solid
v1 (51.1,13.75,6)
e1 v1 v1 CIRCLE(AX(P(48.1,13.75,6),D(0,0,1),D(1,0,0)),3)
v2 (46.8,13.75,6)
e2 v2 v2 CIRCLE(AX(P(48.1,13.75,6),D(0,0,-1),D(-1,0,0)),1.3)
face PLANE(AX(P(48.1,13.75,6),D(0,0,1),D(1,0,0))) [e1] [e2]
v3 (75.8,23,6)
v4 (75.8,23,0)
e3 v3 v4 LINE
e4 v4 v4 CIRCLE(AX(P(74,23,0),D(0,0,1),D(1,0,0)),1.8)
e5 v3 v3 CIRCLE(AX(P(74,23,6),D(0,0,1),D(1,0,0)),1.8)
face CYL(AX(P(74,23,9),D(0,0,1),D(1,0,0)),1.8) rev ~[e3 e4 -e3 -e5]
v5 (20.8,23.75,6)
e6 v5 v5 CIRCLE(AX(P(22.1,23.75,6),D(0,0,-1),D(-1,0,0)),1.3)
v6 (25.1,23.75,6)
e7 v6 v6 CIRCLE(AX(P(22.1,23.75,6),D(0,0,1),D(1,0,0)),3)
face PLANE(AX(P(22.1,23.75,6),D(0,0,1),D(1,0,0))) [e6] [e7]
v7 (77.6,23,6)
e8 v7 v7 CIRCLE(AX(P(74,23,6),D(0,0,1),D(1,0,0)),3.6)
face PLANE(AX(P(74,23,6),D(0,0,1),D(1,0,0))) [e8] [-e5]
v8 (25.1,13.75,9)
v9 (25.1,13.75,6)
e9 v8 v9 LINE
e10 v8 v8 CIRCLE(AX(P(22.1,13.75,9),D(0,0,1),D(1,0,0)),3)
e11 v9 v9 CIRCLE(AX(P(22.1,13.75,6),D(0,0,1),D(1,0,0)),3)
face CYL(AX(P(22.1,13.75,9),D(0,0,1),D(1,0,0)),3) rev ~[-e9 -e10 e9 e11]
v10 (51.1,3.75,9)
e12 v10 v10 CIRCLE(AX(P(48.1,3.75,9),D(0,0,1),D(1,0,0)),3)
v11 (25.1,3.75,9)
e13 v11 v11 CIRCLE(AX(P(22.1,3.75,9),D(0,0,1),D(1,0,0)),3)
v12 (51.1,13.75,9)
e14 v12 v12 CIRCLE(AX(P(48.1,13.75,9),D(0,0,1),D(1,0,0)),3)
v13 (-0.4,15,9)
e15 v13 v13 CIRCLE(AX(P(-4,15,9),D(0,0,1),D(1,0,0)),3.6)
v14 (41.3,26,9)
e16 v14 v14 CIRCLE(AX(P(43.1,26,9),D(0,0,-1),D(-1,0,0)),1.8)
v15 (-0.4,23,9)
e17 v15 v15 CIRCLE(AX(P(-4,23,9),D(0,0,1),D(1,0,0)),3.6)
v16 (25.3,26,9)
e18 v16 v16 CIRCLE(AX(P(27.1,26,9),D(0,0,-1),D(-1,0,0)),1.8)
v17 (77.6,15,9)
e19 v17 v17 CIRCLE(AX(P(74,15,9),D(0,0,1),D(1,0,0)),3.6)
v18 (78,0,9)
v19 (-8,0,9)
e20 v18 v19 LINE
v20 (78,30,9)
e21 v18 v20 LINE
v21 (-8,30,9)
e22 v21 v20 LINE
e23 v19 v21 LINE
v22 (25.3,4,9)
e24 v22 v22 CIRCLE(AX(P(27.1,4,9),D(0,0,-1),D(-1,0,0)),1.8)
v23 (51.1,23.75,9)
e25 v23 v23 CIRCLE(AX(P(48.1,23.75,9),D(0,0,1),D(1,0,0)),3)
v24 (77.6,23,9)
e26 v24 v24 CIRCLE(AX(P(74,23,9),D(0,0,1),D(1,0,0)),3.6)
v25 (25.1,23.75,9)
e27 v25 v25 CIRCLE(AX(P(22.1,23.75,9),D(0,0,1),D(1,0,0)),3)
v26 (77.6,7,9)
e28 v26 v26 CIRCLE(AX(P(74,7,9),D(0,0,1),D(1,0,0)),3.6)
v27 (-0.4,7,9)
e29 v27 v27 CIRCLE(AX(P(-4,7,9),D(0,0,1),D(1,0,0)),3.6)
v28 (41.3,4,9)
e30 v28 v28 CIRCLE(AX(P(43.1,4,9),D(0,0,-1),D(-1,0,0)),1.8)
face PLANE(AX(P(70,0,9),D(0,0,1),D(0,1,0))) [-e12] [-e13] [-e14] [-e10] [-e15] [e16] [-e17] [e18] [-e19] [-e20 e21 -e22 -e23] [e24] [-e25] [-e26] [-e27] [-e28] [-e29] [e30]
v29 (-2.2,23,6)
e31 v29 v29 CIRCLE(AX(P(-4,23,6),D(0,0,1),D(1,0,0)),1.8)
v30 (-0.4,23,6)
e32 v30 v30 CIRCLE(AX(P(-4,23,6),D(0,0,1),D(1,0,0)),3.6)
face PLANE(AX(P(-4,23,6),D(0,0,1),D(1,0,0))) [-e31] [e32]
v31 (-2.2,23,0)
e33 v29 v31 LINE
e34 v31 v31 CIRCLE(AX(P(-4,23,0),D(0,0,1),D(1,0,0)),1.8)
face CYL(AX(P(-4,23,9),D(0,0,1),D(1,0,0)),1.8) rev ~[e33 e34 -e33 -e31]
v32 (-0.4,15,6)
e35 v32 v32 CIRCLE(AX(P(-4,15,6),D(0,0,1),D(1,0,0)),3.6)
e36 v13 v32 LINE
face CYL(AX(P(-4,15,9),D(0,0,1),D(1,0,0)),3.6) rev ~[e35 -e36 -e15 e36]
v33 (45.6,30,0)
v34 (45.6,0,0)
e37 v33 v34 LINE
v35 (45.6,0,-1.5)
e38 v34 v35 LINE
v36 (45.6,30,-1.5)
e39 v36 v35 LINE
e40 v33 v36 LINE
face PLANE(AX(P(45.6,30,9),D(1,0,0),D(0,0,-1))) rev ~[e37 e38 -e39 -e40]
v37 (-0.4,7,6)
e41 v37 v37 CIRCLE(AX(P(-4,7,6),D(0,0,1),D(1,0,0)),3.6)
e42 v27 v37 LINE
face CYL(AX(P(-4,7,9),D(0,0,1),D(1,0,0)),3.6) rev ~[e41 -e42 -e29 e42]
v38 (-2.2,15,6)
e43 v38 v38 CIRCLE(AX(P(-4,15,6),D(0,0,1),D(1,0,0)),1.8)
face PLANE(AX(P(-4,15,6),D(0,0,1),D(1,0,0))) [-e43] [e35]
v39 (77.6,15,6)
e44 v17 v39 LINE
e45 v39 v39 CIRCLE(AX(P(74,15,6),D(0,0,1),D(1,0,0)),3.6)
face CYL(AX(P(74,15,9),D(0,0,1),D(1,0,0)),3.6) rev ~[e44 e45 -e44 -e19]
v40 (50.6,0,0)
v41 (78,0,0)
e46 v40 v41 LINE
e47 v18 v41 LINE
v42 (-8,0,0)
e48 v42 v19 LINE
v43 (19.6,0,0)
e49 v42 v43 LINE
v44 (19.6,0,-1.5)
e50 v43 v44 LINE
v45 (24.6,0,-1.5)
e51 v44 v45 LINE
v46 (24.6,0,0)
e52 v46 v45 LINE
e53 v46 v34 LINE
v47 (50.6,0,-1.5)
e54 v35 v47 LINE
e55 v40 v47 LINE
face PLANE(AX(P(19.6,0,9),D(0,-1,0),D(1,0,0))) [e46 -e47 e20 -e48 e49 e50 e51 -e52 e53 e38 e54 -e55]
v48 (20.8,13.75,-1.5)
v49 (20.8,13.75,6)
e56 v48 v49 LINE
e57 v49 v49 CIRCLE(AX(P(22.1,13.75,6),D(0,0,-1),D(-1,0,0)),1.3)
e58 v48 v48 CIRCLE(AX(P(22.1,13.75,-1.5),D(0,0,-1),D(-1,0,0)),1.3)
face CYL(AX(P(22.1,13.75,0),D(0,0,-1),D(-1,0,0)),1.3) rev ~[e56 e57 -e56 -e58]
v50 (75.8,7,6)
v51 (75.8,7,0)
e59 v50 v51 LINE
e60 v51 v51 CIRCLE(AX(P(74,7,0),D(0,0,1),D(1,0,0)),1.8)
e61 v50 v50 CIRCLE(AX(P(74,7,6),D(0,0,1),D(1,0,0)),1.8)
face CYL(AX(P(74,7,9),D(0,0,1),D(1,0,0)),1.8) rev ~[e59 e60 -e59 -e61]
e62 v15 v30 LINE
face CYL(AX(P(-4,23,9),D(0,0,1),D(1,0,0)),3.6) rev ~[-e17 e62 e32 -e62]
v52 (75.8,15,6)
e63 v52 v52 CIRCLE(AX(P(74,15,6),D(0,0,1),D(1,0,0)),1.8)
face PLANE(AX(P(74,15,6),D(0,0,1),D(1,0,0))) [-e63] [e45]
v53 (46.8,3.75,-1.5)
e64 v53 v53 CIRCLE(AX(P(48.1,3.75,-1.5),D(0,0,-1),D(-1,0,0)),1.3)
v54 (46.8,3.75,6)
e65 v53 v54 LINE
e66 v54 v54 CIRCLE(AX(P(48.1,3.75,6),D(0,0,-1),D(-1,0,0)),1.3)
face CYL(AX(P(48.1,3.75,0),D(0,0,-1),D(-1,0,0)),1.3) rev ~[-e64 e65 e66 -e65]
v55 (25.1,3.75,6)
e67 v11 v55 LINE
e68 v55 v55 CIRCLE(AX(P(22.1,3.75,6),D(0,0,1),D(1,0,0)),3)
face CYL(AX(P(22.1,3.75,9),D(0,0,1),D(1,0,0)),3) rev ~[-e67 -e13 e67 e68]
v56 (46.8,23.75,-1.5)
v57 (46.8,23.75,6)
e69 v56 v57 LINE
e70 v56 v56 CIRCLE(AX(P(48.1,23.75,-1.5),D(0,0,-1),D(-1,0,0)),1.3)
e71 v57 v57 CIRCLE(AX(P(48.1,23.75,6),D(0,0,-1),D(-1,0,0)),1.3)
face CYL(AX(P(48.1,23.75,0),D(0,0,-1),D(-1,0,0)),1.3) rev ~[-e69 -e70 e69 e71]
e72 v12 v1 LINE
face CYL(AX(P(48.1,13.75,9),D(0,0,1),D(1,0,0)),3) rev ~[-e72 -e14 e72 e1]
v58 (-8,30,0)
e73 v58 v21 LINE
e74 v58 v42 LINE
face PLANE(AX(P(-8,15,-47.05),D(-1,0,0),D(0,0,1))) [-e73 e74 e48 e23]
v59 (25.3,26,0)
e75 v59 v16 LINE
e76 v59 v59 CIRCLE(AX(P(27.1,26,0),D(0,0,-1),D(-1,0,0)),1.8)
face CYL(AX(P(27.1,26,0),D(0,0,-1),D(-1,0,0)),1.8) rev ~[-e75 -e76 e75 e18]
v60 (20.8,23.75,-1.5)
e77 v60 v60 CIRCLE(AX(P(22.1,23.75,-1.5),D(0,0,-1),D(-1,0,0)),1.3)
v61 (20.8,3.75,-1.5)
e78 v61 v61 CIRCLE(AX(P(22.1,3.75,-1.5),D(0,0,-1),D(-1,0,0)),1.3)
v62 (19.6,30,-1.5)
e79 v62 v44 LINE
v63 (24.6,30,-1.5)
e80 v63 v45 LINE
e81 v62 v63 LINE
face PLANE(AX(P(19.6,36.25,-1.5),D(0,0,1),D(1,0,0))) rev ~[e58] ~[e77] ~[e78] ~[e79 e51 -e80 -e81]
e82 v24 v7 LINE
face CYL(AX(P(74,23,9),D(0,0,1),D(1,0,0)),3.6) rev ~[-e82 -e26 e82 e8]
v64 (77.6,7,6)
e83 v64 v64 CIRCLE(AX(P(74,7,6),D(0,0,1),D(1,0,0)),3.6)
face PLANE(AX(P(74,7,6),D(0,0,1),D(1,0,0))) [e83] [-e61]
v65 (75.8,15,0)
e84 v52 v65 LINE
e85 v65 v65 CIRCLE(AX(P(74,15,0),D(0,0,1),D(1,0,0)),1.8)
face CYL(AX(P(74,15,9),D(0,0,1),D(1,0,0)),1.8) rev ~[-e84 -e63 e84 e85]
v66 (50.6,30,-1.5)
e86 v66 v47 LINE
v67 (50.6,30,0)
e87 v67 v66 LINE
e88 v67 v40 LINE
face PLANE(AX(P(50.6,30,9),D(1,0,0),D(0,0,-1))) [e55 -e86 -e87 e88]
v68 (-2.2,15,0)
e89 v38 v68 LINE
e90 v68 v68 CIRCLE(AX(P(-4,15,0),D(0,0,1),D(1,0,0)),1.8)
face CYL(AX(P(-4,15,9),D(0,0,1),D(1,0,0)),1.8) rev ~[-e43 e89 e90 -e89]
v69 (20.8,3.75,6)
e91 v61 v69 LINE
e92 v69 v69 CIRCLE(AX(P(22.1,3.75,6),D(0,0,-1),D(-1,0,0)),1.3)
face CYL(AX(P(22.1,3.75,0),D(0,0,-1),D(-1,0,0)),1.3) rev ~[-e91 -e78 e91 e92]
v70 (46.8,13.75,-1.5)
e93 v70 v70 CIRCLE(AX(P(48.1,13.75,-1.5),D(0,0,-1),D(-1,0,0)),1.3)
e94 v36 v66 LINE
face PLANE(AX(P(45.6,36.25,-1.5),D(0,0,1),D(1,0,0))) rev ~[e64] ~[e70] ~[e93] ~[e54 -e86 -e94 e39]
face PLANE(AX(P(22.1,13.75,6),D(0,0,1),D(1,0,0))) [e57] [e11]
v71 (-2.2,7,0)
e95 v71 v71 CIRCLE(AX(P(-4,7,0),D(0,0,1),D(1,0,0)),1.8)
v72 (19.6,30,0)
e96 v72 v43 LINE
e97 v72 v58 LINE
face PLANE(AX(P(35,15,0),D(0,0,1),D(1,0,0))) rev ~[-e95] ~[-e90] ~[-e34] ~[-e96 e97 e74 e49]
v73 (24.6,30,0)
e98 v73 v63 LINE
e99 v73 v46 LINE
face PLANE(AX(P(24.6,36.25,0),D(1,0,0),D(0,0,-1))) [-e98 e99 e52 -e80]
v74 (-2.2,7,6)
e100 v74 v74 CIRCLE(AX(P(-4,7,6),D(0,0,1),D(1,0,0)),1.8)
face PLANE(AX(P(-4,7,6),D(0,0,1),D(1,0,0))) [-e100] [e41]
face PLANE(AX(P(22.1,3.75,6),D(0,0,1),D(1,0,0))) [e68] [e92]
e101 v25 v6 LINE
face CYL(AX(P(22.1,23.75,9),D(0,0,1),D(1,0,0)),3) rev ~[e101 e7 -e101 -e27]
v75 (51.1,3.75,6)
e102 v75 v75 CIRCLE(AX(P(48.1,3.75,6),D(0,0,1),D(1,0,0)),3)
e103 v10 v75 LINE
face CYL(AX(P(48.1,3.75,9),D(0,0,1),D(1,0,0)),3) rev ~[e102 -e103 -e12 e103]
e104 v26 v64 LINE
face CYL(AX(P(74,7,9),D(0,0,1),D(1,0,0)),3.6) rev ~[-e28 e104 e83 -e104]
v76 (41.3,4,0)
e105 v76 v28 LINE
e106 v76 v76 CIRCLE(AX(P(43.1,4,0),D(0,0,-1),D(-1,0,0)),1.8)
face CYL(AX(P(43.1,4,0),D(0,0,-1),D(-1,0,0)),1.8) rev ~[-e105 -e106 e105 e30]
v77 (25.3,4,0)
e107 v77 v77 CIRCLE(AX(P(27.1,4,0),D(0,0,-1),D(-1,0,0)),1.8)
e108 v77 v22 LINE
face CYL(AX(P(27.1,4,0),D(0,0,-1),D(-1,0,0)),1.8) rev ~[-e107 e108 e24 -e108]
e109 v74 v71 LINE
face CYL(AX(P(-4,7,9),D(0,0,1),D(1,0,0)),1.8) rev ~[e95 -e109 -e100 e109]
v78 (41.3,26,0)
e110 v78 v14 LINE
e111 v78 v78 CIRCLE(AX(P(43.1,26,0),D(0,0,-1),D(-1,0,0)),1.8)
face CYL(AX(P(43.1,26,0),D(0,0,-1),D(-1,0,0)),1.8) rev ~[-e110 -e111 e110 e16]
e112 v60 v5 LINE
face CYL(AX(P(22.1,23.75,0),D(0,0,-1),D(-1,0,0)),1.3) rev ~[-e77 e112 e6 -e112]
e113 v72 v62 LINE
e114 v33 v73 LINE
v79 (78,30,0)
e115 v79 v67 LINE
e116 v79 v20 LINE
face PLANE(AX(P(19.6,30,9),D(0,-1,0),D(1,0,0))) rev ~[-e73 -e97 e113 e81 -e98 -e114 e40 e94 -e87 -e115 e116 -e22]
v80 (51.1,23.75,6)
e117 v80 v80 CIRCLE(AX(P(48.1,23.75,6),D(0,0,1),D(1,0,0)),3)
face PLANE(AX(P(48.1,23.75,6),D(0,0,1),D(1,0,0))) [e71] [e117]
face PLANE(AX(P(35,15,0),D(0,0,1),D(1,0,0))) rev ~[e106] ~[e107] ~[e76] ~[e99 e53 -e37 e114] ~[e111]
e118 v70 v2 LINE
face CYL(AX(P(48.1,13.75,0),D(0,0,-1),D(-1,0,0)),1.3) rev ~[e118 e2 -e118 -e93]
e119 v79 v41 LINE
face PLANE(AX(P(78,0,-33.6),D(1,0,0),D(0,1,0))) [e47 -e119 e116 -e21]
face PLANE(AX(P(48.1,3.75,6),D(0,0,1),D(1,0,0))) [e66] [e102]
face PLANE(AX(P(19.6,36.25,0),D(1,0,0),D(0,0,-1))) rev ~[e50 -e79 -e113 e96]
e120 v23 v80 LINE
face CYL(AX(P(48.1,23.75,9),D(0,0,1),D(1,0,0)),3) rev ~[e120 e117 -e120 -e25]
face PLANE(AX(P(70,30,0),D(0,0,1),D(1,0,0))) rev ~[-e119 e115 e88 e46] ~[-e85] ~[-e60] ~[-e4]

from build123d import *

# Parameters (mm, degrees)
SKETCH_1_W           = 70
SKETCH_1_H           = 30
EXTRUDE_1_DEPTH      = 9
SKETCH_2_W           = 112.1
SKETCH_2_H           = 30
EXTRUDE_2_DEPTH      = 8
SKETCH_3_W           = 42.6
SKETCH_3_H           = 30
EXTRUDE_3_DEPTH      = 8
SKETCH_5_W           = 18.5
SKETCH_5_H           = 30
SKETCH_5_R           = 2
EXTRUDE_4_DEPTH      = 5.5
SKETCH_11_R          = 2
CUT_EXTRUDE_4_DEPTH  = 8
SKETCH_12_R          = 1.8
CUT_EXTRUDE_6_DEPTH  = 8
SKETCH_13_R          = 2
CUT_EXTRUDE_7_DEPTH  = 8
SKETCH_14_R          = 2
CUT_EXTRUDE_8_DEPTH  = 10
SKETCH_19_W          = 5
SKETCH_19_H          = 9
EXTRUDE_6_DEPTH      = 36.25
SKETCH_20_W          = 5
SKETCH_20_H          = 6.25
EXTRUDE_7_DEPTH      = 9
SKETCH_21_R          = 1.3
CUT_EXTRUDE_10_DEPTH = 9
SKETCH_25_W          = 5
SKETCH_25_H          = 1.5
EXTRUDE_8_DEPTH      = 42.5
SKETCH_26_R          = 1.3
CUT_EXTRUDE_14_DEPTH = 1.5
SKETCH_27_W          = 5
SKETCH_27_H          = 6.25
CUT_EXTRUDE_15_DEPTH = 11
SKETCH_28_R          = 3
CUT_EXTRUDE_16_DEPTH = 3
SKETCH_29_W          = 8
SKETCH_29_H          = 103.1
SKETCH_29_W_2        = 10.5
SKETCH_29_H_2        = 5.5
CUT_EXTRUDE_17_DEPTH = 30
SKETCH_30_R          = 1.8
CUT_EXTRUDE_18_DEPTH = 10
SKETCH_31_R          = 3.6
CUT_EXTRUDE_19_DEPTH = 3
SKETCH_32_R          = 1.8
CUT_EXTRUDE_20_DEPTH = 10
SKETCH_33_R          = 3.6
CUT_EXTRUDE_21_DEPTH = 3
CUT_EXTRUDE_22_REACH = 86.054
SKETCH_35_R          = 1.8


with BuildPart() as part:
    # 草圖1 → 填料-伸長1 (new body)
    with BuildSketch(Plane.XY):
        with Locations((35, 15)):
            Rectangle(SKETCH_1_W, SKETCH_1_H)
    extrude(amount=EXTRUDE_1_DEPTH)

    # 草圖2 → 填料-伸長2 (add)
    with BuildSketch(Plane.ZY):
        with Locations((-47.05, 15)):
            Rectangle(SKETCH_2_W, SKETCH_2_H)
    extrude(amount=EXTRUDE_2_DEPTH)

    # 草圖3 → 填料-伸長3 (add)
    with BuildSketch(Plane(origin=(70, 0, 0), x_dir=(0, 0, -1), z_dir=(1, 0, 0))):
        with Locations((12.3, 15)):
            Rectangle(SKETCH_3_W, SKETCH_3_H)
    extrude(amount=EXTRUDE_3_DEPTH)

    # 草圖5 → 填料-伸長4 (add)
    with BuildSketch(Plane(origin=(0, 0, -33.6), x_dir=(-1, 0, 0), z_dir=(0, 0, -1))):
        with Locations((-68.75, 15)):
            Rectangle(SKETCH_5_W, SKETCH_5_H)
        with Locations(Location((-65.75, 26, 0), (0, 0, 90))):
            Circle(SKETCH_5_R, mode=Mode.SUBTRACT)
        with Locations(Location((-65.75, 18, 0), (0, 0, 90))):
            Circle(SKETCH_5_R, mode=Mode.SUBTRACT)
        with Locations(Location((-65.75, 10, 0), (0, 0, 90))):
            Circle(SKETCH_5_R, mode=Mode.SUBTRACT)
    extrude(amount=EXTRUDE_4_DEPTH)

    # 草圖11 → 除料-伸長4 (cut)
    with BuildSketch(Plane.ZY.offset(8)):
        with Locations((-23, 23)):
            Circle(SKETCH_11_R)
        with Locations((-23, 15)):
            Circle(SKETCH_11_R)
        with Locations((-23, 7)):
            Circle(SKETCH_11_R)
        with Locations((-15, 23)):
            Circle(SKETCH_11_R)
        with Locations((-15, 15)):
            Circle(SKETCH_11_R)
        with Locations((-15, 7)):
            Circle(SKETCH_11_R)
        with Locations((-7, 23)):
            Circle(SKETCH_11_R)
        with Locations((-7, 15)):
            Circle(SKETCH_11_R)
        with Locations((-7, 7)):
            Circle(SKETCH_11_R)
    extrude(amount=-CUT_EXTRUDE_4_DEPTH, mode=Mode.SUBTRACT)

    # 草圖12 → 除料-伸長6 (cut)
    with BuildSketch(Plane(origin=(0, 0, -103.1), x_dir=(-1, 0, 0), z_dir=(0, 0, -1))):
        with Locations((3, 23)):
            Circle(SKETCH_12_R)
        with Locations((3, 15)):
            Circle(SKETCH_12_R)
        with Locations((3, 7)):
            Circle(SKETCH_12_R)
    extrude(amount=-CUT_EXTRUDE_6_DEPTH, mode=Mode.SUBTRACT)

    # 草圖13 → 除料-伸長7 (cut)
    with BuildSketch(Plane(origin=(78, 0, 0), x_dir=(0, 0, -1), z_dir=(1, 0, 0))):
        with Locations((9.1, 23)):
            Circle(SKETCH_13_R)
        with Locations((9.1, 15)):
            Circle(SKETCH_13_R)
        with Locations((9.1, 7)):
            Circle(SKETCH_13_R)
        with Locations((17.1, 23)):
            Circle(SKETCH_13_R)
        with Locations((17.1, 15)):
            Circle(SKETCH_13_R)
        with Locations((17.1, 7)):
            Circle(SKETCH_13_R)
        with Locations((25.1, 23)):
            Circle(SKETCH_13_R)
        with Locations((25.1, 15)):
            Circle(SKETCH_13_R)
        with Locations((25.1, 7)):
            Circle(SKETCH_13_R)
    extrude(amount=-CUT_EXTRUDE_7_DEPTH, mode=Mode.SUBTRACT)

    # 草圖14 → 除料-伸長8 (cut)
    with BuildSketch(Plane.ZY.offset(8)):
        with Locations((-85.1, 23)):
            Circle(SKETCH_14_R)
        with Locations((-85.1, 15)):
            Circle(SKETCH_14_R)
        with Locations((-85.1, 7)):
            Circle(SKETCH_14_R)
        with Locations((-77.1, 23)):
            Circle(SKETCH_14_R)
        with Locations((-77.1, 15)):
            Circle(SKETCH_14_R)
        with Locations((-77.1, 7)):
            Circle(SKETCH_14_R)
        with Locations((-69.1, 23)):
            Circle(SKETCH_14_R)
        with Locations((-69.1, 15)):
            Circle(SKETCH_14_R)
        with Locations((-69.1, 7)):
            Circle(SKETCH_14_R)
        with Locations((-61.1, 23)):
            Circle(SKETCH_14_R)
        with Locations((-61.1, 15)):
            Circle(SKETCH_14_R)
        with Locations((-61.1, 7)):
            Circle(SKETCH_14_R)
    extrude(amount=-CUT_EXTRUDE_8_DEPTH, mode=Mode.SUBTRACT)

    # 草圖19 → 填料-伸長6 (add)
    with BuildSketch(Plane(origin=(0, 30, 0), x_dir=(1, 0, 0), z_dir=(0, 1, 0))):
        with Locations((22.1, -4.5)):
            Rectangle(SKETCH_19_W, SKETCH_19_H)
        with Locations((48.1, -4.5)):
            Rectangle(SKETCH_19_W, SKETCH_19_H)
    extrude(amount=-EXTRUDE_6_DEPTH)

    # 草圖20 → 填料-伸長7 (add)
    with BuildSketch(Plane(origin=(0, 0, 0), x_dir=(-1, 0, 0), z_dir=(0, 0, -1))):
        with Locations((-48.1, 33.125)):
            Rectangle(SKETCH_20_W, SKETCH_20_H)
        with Locations((-22.1, 33.125)):
            Rectangle(SKETCH_20_W, SKETCH_20_H)
    extrude(amount=-EXTRUDE_7_DEPTH)

    # 草圖21 → 除料-伸長10 (cut)
    with BuildSketch(Plane(origin=(0, 0, 0), x_dir=(-1, 0, 0), z_dir=(0, 0, -1))):
        with Locations((-48.1, 23.75)):
            Circle(SKETCH_21_R)
        with Locations((-48.1, 13.75)):
            Circle(SKETCH_21_R)
        with Locations((-48.1, 3.75)):
            Circle(SKETCH_21_R)
        with Locations((-22.1, 23.75)):
            Circle(SKETCH_21_R)
        with Locations((-22.1, 13.75)):
            Circle(SKETCH_21_R)
        with Locations((-22.1, 3.75)):
            Circle(SKETCH_21_R)
    extrude(amount=-CUT_EXTRUDE_10_DEPTH, mode=Mode.SUBTRACT)

    # 草圖25 → 填料-伸長8 (add)
    with BuildSketch(Plane(origin=(0, 36.25, 0), x_dir=(1, 0, 0), z_dir=(0, 1, 0))):
        with Locations((22.1, 0.75)):
            Rectangle(SKETCH_25_W, SKETCH_25_H)
        with Locations((48.1, 0.75)):
            Rectangle(SKETCH_25_W, SKETCH_25_H)
    extrude(amount=-EXTRUDE_8_DEPTH)

    # 草圖26 → 除料-伸長14 (cut)
    with BuildSketch(Plane(origin=(0, 0, -1.5), x_dir=(-1, 0, 0), z_dir=(0, 0, -1))):
        with Locations((-48.1, 23.75)):
            Circle(SKETCH_26_R)
        with Locations((-48.1, 13.75)):
            Circle(SKETCH_26_R)
        with Locations((-48.1, 3.75)):
            Circle(SKETCH_26_R)
        with Locations((-22.1, 23.75)):
            Circle(SKETCH_26_R)
        with Locations((-22.1, 13.75)):
            Circle(SKETCH_26_R)
        with Locations((-22.1, 3.75)):
            Circle(SKETCH_26_R)
    extrude(amount=-CUT_EXTRUDE_14_DEPTH, mode=Mode.SUBTRACT)

    # 草圖27 → 除料-伸長15 (cut)
    with BuildSketch(Plane.XY.offset(9)):
        with Locations((22.1, 33.125)):
            Rectangle(SKETCH_27_W, SKETCH_27_H)
        with Locations((48.1, 33.125)):
            Rectangle(SKETCH_27_W, SKETCH_27_H)
        with Locations((22.1, -3.125)):
            Rectangle(SKETCH_27_W, SKETCH_27_H)
        with Locations((48.1, -3.125)):
            Rectangle(SKETCH_27_W, SKETCH_27_H)
    extrude(amount=-CUT_EXTRUDE_15_DEPTH, mode=Mode.SUBTRACT)

    # 草圖28 → 除料-伸長16 (cut)
    with BuildSketch(Plane.XY.offset(9)):
        with Locations((22.1, 23.75)):
            Circle(SKETCH_28_R)
        with Locations((22.1, 13.75)):
            Circle(SKETCH_28_R)
        with Locations((22.1, 3.75)):
            Circle(SKETCH_28_R)
        with Locations((48.1, 13.75)):
            Circle(SKETCH_28_R)
        with Locations((48.1, 3.75)):
            Circle(SKETCH_28_R)
        with Locations((48.1, 23.75)):
            Circle(SKETCH_28_R)
    extrude(amount=-CUT_EXTRUDE_16_DEPTH, mode=Mode.SUBTRACT)

    # 草圖29 → 除料-伸長17 (cut)
    with BuildSketch(Plane(origin=(0, 30, 0), x_dir=(1, 0, 0), z_dir=(0, 1, 0))):
        with Locations((-4, 51.55)):
            Rectangle(SKETCH_29_W, SKETCH_29_H)
        with Locations((64.75, 36.35)):
            Rectangle(SKETCH_29_W_2, SKETCH_29_H_2)
        Polygon((70, 33.6), (70, 0), (78, 0), (78, 39.1), (70, 39.1), align=None)
    extrude(amount=-CUT_EXTRUDE_17_DEPTH, mode=Mode.SUBTRACT)

    # 草圖30 → 除料-伸長18 (cut)
    with BuildSketch(Plane.XY.offset(9)):
        with Locations((-4, 23)):
            Circle(SKETCH_30_R)
        with Locations((-4, 15)):
            Circle(SKETCH_30_R)
        with Locations((-4, 7)):
            Circle(SKETCH_30_R)
    extrude(amount=-CUT_EXTRUDE_18_DEPTH, mode=Mode.SUBTRACT)

    # 草圖31 → 除料-伸長19 (cut)
    with BuildSketch(Plane.XY.offset(9)):
        with Locations((-4, 15)):
            Circle(SKETCH_31_R)
        with Locations((-4, 7)):
            Circle(SKETCH_31_R)
        with Locations((-4, 23)):
            Circle(SKETCH_31_R)
    extrude(amount=-CUT_EXTRUDE_19_DEPTH, mode=Mode.SUBTRACT)

    # 草圖32 → 除料-伸長20 (cut)
    with BuildSketch(Plane.XY.offset(9)):
        with Locations((74, 23)):
            Circle(SKETCH_32_R)
        with Locations((74, 15)):
            Circle(SKETCH_32_R)
        with Locations((74, 7)):
            Circle(SKETCH_32_R)
    extrude(amount=-CUT_EXTRUDE_20_DEPTH, mode=Mode.SUBTRACT)

    # 草圖33 → 除料-伸長21 (cut)
    with BuildSketch(Plane.XY.offset(9)):
        with Locations((74, 23)):
            Circle(SKETCH_33_R)
        with Locations((74, 15)):
            Circle(SKETCH_33_R)
        with Locations((74, 7)):
            Circle(SKETCH_33_R)
    extrude(amount=-CUT_EXTRUDE_21_DEPTH, mode=Mode.SUBTRACT)

    # 草圖35 → 除料-伸長22 (cut, up to next)
    with BuildSketch(Plane(origin=(0, 0, 0), x_dir=(-1, 0, 0), z_dir=(0, 0, -1)), mode=Mode.PRIVATE) as cut_extrude_22_sk1:
        with Locations((-43.1, 4)):
            Circle(SKETCH_35_R)
    cut_extrude_22_tool1 = extrude(cut_extrude_22_sk1.sketch, amount=-CUT_EXTRUDE_22_REACH, mode=Mode.PRIVATE) & part.part
    # 草圖35 → 除料-伸長22 (cut, up to next)
    with BuildSketch(Plane(origin=(0, 0, 0), x_dir=(-1, 0, 0), z_dir=(0, 0, -1)), mode=Mode.PRIVATE) as cut_extrude_22_sk2:
        with Locations((-43.1, 26)):
            Circle(SKETCH_35_R)
    cut_extrude_22_tool2 = extrude(cut_extrude_22_sk2.sketch, amount=-CUT_EXTRUDE_22_REACH, mode=Mode.PRIVATE) & part.part
    # 草圖35 → 除料-伸長22 (cut, up to next)
    with BuildSketch(Plane(origin=(0, 0, 0), x_dir=(-1, 0, 0), z_dir=(0, 0, -1)), mode=Mode.PRIVATE) as cut_extrude_22_sk3:
        with Locations((-27.1, 26)):
            Circle(SKETCH_35_R)
    cut_extrude_22_tool3 = extrude(cut_extrude_22_sk3.sketch, amount=-CUT_EXTRUDE_22_REACH, mode=Mode.PRIVATE) & part.part
    # 草圖35 → 除料-伸長22 (cut, up to next)
    with BuildSketch(Plane(origin=(0, 0, 0), x_dir=(-1, 0, 0), z_dir=(0, 0, -1)), mode=Mode.PRIVATE) as cut_extrude_22_sk4:
        with Locations((-27.1, 4)):
            Circle(SKETCH_35_R)
    cut_extrude_22_tool4 = extrude(cut_extrude_22_sk4.sketch, amount=-CUT_EXTRUDE_22_REACH, mode=Mode.PRIVATE) & part.part
    add(cut_extrude_22_tool1.solids().sort_by_distance((43.1, 4, 0))[0], mode=Mode.SUBTRACT)
    add(cut_extrude_22_tool2.solids().sort_by_distance((43.1, 26, 0))[0], mode=Mode.SUBTRACT)
    add(cut_extrude_22_tool3.solids().sort_by_distance((27.1, 26, 0))[0], mode=Mode.SUBTRACT)
    add(cut_extrude_22_tool4.solids().sort_by_distance((27.1, 4, 0))[0], mode=Mode.SUBTRACT)


solid = part.part
